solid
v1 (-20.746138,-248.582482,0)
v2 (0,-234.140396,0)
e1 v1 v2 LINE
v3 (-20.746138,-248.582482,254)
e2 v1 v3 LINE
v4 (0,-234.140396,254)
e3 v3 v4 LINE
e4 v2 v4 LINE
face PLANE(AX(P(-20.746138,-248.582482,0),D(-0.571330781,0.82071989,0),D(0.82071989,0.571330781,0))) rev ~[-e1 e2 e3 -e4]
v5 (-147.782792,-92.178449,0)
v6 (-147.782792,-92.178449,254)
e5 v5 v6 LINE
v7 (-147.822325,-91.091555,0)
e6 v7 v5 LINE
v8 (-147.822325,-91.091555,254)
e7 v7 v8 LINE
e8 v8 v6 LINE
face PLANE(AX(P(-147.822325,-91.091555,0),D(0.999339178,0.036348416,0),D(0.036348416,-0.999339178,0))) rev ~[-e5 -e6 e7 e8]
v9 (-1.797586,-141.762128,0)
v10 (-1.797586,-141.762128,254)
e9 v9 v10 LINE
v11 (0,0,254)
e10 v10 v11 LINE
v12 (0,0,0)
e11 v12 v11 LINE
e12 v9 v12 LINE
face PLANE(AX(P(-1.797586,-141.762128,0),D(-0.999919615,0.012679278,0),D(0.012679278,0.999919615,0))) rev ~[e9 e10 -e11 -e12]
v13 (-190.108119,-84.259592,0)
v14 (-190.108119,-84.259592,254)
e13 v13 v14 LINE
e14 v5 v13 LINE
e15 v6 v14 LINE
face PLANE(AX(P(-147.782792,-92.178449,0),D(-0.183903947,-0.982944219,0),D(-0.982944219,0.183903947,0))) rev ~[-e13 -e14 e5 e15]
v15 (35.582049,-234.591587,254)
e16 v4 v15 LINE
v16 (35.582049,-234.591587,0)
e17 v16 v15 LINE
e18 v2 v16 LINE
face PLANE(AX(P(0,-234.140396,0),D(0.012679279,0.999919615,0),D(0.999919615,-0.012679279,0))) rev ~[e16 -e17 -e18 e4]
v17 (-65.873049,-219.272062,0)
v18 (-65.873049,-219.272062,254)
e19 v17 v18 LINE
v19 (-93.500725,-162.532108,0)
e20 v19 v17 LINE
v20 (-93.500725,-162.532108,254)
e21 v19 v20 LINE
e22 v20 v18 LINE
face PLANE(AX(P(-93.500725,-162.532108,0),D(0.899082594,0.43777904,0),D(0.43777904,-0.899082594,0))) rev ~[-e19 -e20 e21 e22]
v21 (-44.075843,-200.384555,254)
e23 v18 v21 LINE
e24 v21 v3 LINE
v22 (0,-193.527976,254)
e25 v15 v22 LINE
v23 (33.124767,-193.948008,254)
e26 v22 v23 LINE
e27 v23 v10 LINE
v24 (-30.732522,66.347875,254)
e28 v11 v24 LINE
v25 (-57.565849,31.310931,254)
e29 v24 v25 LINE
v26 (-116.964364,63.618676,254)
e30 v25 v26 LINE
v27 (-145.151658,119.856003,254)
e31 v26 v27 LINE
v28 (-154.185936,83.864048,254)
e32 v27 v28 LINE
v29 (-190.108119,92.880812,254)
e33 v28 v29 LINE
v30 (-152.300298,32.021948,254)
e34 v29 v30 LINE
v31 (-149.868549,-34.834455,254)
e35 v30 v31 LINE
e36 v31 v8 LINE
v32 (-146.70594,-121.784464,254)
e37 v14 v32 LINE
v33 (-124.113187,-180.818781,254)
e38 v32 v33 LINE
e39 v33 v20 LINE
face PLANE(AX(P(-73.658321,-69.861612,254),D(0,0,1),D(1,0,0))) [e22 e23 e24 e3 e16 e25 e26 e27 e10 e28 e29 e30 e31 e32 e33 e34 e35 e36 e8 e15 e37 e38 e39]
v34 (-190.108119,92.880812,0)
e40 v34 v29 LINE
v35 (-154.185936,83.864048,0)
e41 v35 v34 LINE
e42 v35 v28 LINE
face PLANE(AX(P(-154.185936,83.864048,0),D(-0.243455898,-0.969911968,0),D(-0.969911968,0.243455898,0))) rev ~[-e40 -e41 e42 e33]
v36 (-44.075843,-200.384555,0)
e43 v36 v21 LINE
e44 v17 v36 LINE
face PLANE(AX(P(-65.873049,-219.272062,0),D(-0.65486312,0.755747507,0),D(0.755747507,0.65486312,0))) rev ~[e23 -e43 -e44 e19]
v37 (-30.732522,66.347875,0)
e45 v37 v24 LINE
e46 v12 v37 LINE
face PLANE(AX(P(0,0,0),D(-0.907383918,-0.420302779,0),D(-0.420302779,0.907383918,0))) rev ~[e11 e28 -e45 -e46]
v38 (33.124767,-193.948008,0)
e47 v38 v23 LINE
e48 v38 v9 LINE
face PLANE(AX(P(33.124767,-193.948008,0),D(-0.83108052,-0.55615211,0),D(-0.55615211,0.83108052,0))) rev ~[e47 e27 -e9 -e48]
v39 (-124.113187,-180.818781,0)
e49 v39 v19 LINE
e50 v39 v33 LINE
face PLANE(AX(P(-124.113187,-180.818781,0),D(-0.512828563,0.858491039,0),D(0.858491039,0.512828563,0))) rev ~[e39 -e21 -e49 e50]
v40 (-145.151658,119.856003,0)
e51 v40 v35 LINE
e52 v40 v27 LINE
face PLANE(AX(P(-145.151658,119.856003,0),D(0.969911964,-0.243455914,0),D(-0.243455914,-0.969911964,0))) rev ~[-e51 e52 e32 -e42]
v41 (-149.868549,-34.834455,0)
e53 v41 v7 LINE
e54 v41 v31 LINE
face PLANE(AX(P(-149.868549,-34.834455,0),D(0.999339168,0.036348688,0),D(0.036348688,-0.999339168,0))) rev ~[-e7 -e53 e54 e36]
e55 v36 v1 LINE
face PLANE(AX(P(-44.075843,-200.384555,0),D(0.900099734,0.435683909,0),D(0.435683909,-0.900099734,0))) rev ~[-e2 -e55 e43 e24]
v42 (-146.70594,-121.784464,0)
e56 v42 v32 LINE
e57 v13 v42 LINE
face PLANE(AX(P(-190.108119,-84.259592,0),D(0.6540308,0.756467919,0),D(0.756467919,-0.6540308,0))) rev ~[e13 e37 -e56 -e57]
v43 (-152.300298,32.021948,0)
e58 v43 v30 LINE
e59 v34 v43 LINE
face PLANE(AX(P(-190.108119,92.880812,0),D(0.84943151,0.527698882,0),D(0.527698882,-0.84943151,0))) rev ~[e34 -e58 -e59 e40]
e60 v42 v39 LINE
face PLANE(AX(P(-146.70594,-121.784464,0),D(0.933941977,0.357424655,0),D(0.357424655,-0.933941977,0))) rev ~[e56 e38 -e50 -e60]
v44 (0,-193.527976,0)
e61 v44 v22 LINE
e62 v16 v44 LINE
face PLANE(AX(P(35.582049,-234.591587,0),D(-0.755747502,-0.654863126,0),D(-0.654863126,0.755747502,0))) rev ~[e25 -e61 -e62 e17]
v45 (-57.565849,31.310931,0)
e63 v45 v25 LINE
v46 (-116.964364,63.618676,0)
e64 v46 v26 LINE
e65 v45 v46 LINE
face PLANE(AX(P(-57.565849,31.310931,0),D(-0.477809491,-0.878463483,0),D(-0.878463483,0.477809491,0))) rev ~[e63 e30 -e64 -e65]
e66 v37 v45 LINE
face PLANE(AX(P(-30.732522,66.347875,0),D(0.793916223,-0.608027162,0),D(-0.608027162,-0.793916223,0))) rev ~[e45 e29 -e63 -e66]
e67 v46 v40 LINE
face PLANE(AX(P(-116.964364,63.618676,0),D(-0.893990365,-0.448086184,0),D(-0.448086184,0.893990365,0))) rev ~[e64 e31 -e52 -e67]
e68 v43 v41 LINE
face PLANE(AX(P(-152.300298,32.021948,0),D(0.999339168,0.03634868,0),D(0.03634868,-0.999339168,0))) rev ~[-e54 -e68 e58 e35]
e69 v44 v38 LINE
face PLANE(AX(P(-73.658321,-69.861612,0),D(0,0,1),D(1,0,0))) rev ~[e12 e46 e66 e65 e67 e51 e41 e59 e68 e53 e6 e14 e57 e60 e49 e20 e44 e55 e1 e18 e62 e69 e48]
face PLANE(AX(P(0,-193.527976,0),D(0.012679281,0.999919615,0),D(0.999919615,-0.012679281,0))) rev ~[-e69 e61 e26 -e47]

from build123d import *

# Parameters (mm, degrees)
F1_DEPTH = 254


with BuildPart() as f1:
    # F0 (on Top) → F1 (new body)
    with BuildSketch(Plane.XY):
        Polygon((-147.782792, -92.178449), (-146.70594, -121.784464), (-93.500725, -162.532108), (-44.075843, -200.384555), (-2.940414, -231.888456), (-1.797586, -141.762128), (0, 0), (-57.565849, 31.310931), (-116.964364, 63.618676), (-154.185936, 83.864048), (-152.300298, 32.021948), (-149.868549, -34.834455), (-147.822325, -91.091555), (-146.70594, -92.379923), align=None)
        Polygon((-190.108119, -84.259592), (-146.70594, -121.784464), (-147.782792, -92.178449), align=None)
        Polygon((-93.500725, -162.532108), (-146.70594, -121.784464), (-124.113187, -180.818781), align=None)
        Polygon((-44.075843, -200.384555), (-93.500725, -162.532108), (-65.873049, -219.272062), align=None)
        Polygon((-147.822325, -91.091555), (-147.782792, -92.178449), (-146.70594, -92.379923), align=None)
        Polygon((-2.940414, -231.888456), (-44.075843, -200.384555), (-20.746138, -248.582482), (0, -234.140396), align=None)
        Polygon((-1.797586, -141.762128), (-2.940414, -231.888456), (0, -234.140396), (35.582049, -234.591587), (0, -193.527976), (33.124767, -193.948008), align=None)
        Polygon((-190.108119, 92.880812), (-152.300298, 32.021948), (-154.185936, 83.864048), align=None)
        Polygon((-57.565849, 31.310931), (0, 0), (-30.732522, 66.347875), align=None)
        Polygon((-145.151658, 119.856003), (-154.185936, 83.864048), (-116.964364, 63.618676), align=None)
    extrude(amount=F1_DEPTH)


solid = f1.part
